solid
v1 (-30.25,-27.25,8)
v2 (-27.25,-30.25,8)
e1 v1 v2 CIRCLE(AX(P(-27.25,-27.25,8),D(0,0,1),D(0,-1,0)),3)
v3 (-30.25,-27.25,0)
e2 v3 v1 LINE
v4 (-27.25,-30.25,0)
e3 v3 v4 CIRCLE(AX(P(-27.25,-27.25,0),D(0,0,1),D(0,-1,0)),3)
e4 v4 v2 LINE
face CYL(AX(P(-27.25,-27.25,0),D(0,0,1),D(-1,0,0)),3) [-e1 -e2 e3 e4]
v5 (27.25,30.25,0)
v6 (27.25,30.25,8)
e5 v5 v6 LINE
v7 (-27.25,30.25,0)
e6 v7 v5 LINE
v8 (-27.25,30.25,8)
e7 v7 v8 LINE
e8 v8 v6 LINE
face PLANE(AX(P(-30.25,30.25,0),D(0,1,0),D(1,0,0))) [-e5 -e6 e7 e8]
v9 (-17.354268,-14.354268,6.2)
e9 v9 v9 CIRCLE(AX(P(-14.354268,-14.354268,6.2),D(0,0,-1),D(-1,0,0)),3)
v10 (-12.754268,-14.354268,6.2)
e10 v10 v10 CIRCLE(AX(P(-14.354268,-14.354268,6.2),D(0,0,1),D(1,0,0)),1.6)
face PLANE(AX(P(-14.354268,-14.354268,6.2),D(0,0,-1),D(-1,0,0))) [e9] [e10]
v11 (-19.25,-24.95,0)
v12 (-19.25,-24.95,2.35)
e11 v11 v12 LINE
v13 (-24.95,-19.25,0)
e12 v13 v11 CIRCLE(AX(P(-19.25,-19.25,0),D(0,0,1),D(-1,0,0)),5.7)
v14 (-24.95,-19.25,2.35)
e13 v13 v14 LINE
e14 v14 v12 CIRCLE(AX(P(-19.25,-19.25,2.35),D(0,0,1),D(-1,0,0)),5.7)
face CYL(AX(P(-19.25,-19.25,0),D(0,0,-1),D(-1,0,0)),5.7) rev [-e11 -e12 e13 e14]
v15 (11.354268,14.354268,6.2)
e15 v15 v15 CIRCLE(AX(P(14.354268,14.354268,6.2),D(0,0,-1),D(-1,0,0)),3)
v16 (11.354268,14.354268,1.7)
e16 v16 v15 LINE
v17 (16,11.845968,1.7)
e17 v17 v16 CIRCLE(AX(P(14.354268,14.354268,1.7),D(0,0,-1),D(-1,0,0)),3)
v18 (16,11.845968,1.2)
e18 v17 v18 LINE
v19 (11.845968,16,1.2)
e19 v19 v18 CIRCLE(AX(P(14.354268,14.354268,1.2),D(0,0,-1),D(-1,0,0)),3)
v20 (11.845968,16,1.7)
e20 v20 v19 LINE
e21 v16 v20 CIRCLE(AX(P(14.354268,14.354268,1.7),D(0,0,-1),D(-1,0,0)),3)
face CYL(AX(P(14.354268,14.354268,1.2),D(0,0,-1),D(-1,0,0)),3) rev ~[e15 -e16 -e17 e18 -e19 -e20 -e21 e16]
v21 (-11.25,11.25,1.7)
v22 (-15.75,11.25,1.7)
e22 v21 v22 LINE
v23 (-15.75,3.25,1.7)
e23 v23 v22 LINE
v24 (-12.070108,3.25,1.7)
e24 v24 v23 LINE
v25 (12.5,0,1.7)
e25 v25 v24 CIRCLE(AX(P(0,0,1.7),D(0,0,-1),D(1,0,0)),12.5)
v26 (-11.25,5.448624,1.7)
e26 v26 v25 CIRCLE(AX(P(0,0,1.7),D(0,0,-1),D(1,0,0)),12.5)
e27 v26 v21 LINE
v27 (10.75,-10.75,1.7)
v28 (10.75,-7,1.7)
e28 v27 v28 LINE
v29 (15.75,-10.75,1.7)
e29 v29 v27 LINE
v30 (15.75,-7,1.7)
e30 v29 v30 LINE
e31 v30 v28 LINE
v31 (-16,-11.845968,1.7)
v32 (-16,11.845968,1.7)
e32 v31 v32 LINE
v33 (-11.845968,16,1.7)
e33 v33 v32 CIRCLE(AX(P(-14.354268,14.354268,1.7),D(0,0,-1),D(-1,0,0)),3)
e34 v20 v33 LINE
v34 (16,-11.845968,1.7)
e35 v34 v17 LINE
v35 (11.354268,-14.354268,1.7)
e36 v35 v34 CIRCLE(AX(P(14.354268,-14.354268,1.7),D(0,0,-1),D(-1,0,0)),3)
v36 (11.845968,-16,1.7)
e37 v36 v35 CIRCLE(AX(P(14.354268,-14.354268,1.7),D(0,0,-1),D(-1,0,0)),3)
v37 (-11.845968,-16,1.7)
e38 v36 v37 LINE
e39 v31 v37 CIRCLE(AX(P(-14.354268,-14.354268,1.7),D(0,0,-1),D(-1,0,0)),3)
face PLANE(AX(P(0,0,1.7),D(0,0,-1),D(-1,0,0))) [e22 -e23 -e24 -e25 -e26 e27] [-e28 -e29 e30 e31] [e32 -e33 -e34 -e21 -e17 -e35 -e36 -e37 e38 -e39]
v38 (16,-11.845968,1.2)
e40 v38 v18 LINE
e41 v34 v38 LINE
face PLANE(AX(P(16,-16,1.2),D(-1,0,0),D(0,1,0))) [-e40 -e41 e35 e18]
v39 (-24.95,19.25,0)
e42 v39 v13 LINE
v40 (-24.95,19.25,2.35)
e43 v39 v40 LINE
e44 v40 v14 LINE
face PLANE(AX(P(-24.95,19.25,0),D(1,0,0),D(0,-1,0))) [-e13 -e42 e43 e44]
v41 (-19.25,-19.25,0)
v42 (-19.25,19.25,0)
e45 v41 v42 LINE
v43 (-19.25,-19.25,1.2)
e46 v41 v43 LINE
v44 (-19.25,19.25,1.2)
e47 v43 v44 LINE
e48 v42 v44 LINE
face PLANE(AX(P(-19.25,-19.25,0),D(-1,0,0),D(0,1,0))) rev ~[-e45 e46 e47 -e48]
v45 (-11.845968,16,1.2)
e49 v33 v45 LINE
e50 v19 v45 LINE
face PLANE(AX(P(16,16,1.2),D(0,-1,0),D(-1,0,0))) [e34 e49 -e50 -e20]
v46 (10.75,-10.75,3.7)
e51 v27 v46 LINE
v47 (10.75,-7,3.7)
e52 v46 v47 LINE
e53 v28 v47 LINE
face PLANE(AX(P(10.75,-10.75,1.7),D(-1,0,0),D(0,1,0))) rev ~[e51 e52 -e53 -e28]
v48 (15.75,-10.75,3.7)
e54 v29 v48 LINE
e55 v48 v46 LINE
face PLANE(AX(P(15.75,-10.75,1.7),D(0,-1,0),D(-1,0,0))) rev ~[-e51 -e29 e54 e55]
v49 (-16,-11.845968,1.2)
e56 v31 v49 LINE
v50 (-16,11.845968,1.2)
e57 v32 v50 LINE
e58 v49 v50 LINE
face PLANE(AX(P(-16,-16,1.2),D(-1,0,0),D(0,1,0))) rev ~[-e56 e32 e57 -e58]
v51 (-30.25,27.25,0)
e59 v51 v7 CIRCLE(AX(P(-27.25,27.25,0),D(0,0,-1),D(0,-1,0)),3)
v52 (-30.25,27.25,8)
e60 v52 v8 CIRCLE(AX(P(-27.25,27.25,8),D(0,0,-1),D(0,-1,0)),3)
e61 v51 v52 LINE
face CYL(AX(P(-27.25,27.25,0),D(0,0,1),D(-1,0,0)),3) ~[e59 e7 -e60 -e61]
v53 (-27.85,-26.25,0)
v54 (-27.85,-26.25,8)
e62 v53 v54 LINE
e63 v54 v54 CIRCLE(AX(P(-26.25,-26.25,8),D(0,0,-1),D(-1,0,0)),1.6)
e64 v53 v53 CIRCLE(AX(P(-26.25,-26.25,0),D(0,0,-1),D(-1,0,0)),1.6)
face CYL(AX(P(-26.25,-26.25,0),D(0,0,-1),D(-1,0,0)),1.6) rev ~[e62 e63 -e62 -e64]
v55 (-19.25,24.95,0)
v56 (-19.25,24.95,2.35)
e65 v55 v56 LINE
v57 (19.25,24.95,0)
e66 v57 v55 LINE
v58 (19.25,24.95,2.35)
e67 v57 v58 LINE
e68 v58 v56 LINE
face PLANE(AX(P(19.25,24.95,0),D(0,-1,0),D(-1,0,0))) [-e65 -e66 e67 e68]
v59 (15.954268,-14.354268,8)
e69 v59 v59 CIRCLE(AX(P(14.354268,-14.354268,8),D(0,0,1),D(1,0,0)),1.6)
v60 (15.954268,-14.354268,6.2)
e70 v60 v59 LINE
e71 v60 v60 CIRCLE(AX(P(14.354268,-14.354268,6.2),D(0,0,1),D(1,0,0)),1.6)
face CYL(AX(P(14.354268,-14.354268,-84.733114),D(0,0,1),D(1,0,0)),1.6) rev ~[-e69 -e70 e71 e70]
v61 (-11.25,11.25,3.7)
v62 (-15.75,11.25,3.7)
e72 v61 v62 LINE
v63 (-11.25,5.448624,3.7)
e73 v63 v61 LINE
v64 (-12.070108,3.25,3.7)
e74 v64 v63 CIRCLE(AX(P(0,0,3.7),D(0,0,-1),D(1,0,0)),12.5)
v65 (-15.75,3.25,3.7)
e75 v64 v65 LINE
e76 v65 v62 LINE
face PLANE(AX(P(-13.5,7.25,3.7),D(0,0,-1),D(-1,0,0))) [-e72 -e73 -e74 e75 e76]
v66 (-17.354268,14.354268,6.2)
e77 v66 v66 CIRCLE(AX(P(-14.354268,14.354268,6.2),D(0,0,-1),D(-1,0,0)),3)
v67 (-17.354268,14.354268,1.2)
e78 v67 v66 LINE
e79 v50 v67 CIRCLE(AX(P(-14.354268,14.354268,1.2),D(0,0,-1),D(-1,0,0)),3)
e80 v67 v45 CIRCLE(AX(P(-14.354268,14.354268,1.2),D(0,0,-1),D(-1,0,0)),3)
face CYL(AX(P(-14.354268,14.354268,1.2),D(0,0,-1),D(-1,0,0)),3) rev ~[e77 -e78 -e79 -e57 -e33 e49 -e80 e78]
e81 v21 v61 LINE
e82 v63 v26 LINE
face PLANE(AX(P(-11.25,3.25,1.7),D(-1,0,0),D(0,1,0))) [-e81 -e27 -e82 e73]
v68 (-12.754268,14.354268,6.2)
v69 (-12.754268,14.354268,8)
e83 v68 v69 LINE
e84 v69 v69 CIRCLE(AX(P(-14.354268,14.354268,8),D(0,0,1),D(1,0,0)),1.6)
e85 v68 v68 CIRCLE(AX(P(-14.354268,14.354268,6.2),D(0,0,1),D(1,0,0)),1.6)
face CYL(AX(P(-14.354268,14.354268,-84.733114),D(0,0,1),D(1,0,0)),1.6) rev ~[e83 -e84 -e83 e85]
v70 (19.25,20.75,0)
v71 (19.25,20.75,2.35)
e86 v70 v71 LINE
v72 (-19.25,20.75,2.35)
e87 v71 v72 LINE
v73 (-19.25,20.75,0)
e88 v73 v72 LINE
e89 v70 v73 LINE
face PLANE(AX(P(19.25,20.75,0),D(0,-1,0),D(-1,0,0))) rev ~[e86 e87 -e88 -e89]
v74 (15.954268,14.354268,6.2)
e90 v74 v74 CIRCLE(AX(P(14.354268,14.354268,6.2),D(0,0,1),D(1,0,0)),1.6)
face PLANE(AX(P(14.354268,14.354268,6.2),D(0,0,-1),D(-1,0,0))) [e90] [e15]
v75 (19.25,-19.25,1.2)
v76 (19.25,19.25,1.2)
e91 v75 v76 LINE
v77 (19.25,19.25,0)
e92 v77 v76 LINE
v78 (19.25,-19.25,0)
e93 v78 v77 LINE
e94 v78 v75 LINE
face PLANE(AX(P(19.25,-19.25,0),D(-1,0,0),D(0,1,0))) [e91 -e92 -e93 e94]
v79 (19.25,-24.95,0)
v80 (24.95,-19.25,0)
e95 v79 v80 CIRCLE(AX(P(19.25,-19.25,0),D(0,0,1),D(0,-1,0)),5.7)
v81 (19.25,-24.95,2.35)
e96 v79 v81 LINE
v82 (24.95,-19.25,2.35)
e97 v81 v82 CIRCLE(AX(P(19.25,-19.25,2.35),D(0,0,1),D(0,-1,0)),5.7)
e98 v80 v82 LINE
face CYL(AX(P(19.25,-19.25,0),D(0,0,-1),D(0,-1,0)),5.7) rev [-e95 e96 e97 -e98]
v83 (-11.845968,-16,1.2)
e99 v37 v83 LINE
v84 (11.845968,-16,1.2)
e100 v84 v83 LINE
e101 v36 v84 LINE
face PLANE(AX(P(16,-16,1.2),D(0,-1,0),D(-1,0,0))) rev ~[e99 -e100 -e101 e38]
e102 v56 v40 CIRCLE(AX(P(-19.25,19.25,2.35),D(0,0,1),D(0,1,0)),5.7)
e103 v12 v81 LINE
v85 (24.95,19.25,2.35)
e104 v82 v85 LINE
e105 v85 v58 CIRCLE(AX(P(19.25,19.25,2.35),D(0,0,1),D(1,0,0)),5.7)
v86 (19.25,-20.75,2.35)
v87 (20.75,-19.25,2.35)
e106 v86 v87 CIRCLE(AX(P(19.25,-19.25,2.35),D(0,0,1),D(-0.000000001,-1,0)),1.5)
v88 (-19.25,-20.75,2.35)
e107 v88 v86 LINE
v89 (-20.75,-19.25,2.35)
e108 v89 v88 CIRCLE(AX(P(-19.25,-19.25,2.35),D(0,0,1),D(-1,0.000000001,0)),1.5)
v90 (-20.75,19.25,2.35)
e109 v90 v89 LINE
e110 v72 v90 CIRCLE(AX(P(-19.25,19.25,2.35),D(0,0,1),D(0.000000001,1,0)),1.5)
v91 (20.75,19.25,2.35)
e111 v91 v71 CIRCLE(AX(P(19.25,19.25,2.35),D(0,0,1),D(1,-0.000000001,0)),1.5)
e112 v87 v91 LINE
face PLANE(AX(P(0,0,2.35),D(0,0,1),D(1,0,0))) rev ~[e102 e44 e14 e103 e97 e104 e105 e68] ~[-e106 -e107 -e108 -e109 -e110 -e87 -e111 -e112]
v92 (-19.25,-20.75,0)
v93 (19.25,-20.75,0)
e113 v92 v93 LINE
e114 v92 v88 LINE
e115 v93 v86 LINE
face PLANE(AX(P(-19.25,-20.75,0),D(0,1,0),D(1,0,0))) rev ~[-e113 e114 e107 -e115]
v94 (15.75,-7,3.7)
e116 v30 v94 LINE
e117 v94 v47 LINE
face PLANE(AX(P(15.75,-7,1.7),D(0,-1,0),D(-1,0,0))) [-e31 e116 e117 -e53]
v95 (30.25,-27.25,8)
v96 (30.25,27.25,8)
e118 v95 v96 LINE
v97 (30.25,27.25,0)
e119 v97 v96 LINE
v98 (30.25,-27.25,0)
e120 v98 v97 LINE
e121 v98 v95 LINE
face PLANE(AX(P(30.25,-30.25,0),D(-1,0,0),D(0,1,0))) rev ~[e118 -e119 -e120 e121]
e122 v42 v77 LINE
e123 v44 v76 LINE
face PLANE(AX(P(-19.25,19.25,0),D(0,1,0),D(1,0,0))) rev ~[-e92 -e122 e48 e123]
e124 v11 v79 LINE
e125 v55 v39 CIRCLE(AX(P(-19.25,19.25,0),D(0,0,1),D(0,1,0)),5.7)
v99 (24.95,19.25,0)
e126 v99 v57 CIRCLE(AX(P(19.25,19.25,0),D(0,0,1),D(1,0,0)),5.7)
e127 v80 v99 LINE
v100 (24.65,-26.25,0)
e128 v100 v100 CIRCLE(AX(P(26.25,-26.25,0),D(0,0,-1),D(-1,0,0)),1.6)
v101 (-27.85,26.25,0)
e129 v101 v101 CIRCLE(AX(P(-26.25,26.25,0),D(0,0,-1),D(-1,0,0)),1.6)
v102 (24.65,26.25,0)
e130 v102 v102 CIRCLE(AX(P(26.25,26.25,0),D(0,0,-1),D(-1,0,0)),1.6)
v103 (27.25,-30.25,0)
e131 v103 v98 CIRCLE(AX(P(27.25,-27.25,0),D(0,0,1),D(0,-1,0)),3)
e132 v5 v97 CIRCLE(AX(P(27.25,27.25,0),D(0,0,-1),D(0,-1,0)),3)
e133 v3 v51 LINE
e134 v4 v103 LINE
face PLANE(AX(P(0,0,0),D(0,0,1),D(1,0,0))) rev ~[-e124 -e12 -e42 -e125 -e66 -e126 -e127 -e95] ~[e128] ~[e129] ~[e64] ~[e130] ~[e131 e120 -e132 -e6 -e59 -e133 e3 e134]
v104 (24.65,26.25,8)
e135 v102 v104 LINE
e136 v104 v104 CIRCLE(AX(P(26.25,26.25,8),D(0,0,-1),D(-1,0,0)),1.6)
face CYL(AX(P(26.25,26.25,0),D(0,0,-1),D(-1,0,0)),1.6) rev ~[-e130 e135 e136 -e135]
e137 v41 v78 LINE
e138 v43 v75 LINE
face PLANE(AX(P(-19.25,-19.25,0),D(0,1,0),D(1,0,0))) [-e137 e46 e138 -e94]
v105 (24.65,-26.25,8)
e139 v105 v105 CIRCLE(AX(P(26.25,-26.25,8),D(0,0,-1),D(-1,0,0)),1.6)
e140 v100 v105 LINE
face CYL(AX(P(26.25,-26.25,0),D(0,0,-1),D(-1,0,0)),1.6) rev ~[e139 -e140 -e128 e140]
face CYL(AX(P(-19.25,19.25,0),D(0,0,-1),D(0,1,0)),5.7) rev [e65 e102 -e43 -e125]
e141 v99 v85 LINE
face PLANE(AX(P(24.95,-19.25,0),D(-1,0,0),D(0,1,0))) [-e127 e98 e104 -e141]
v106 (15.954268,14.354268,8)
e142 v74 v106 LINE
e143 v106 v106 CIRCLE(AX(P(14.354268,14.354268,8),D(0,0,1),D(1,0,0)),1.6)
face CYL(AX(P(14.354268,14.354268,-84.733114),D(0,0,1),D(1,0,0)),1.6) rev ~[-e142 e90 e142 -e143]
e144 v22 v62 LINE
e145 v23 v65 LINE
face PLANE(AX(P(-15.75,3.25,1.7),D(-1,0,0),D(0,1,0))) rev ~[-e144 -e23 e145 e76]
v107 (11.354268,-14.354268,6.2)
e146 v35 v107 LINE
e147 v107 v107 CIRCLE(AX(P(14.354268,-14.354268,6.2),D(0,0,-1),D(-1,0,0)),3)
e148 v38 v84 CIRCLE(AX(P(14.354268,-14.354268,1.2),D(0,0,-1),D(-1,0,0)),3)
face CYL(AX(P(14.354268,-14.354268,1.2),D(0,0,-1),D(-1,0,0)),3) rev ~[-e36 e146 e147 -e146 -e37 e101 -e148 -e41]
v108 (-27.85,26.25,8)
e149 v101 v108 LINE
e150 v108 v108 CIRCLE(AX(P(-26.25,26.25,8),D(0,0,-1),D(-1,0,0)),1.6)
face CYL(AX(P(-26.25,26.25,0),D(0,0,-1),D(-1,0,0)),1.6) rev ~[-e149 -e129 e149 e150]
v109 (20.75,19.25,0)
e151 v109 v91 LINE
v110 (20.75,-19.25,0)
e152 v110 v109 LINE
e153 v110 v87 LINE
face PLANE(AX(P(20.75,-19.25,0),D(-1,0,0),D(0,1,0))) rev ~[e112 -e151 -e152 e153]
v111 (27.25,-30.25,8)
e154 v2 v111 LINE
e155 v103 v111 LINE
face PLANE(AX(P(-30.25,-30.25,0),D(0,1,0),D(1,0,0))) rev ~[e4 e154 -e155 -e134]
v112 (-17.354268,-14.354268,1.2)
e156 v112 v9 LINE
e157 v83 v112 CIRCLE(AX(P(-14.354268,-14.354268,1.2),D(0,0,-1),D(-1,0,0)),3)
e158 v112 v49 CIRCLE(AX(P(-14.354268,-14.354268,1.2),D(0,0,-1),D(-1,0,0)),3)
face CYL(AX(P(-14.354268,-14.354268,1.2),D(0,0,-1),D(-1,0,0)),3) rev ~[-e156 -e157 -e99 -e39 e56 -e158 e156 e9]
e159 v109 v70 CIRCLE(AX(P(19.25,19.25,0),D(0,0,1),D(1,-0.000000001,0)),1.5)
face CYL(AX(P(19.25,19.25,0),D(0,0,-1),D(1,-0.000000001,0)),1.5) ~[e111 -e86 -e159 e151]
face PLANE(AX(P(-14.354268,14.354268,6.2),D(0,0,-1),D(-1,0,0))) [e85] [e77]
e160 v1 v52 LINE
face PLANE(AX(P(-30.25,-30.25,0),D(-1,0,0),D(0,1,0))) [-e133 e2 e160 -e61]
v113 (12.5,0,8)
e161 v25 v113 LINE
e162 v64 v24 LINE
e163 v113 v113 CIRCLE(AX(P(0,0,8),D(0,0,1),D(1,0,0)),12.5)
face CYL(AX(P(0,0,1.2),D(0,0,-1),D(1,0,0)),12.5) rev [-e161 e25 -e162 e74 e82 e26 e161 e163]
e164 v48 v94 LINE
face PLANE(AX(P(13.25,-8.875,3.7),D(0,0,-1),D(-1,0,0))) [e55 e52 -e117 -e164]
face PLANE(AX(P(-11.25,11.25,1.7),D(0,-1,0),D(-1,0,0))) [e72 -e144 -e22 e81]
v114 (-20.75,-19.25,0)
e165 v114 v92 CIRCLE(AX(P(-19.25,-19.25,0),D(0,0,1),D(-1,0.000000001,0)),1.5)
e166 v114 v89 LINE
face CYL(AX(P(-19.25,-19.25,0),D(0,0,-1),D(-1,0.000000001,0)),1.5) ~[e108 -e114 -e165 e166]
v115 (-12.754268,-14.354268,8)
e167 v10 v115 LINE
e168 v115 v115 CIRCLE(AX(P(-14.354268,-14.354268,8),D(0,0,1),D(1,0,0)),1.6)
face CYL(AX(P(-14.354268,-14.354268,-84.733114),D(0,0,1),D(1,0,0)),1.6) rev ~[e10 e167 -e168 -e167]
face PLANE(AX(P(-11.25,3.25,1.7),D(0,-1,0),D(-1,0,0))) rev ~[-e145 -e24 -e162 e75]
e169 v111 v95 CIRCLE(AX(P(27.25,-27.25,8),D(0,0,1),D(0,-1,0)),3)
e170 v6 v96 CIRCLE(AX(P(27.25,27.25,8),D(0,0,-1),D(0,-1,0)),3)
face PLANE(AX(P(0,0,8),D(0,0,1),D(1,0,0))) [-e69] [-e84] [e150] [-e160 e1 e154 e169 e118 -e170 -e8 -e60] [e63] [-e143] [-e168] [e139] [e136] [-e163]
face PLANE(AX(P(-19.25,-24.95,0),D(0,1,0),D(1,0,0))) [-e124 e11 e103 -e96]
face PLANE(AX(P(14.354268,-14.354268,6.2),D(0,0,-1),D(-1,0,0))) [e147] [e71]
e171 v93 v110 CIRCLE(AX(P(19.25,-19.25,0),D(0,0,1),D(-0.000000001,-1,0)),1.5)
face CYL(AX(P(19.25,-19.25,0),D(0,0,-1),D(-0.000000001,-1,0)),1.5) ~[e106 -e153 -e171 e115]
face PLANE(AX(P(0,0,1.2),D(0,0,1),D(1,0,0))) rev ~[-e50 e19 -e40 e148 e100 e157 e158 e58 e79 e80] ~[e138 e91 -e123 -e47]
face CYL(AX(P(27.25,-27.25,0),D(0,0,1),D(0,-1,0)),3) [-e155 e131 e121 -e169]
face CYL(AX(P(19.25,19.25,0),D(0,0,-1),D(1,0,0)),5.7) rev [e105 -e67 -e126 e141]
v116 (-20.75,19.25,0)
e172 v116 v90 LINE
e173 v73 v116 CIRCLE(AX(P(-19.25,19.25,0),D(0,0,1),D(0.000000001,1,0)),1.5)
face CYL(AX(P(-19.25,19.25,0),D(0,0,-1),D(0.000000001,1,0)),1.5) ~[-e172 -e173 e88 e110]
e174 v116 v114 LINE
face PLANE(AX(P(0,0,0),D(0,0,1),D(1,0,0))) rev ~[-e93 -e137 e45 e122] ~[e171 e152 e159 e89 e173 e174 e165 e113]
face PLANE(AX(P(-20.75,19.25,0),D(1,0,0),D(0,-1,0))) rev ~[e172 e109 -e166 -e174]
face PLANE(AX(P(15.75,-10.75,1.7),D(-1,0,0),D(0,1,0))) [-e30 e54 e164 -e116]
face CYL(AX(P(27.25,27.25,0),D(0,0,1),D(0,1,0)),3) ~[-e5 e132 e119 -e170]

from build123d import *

# Parameters (mm, degrees)
SKETCH_1_W          = 60.5
SKETCH_1_H          = 60.5
SKETCH_1_W_2        = 38.5
SKETCH_1_H_2        = 38.5
EXTRUDE_1_DEPTH     = 8
CUT_EXTRUDE_1_DEPTH = 2.35
SKETCH_3_R          = 1.6
CUT_EXTRUDE_2_DEPTH = 44.521546388
SKETCH_4_W          = 38.5
SKETCH_4_H          = 38.5
SKETCH_4_R          = 12.5
EXTRUDE_2_DEPTH     = 6.8
HOLE_WIZARD_M3_1_D  = 3.2
SKETCH_10_W         = 32
SKETCH_10_H         = 32
CUT_EXTRUDE_4_DEPTH = 0.5
SKETCH_11_W         = 4.5
SKETCH_11_H         = 8
SKETCH_11_W_2       = 5
SKETCH_11_H_2       = 3.75
CUT_EXTRUDE_6_DEPTH = 2
SKETCH_9_R          = 3
CUT_EXTRUDE_7_DEPTH = 5
FILLET_1_R          = 3


with BuildPart() as part:
    # ｽｹｯﾁ1 → ﾎﾞｽ - 押し出し1 (new body)
    with BuildSketch(Plane.XY):
        Rectangle(SKETCH_1_W, SKETCH_1_H)
        Rectangle(SKETCH_1_W_2, SKETCH_1_H_2, mode=Mode.SUBTRACT)
    extrude(amount=EXTRUDE_1_DEPTH)

    # ｽｹｯﾁ2 → ｶｯﾄ - 押し出し1 (cut)
    with BuildSketch(Plane(origin=(0, 0, 0), x_dir=(-1, 0, 0), z_dir=(0, 0, -1))):
        with BuildLine():
            Line((-19.25, 24.95), (19.25, 24.95))
            ThreePointArc((19.25, 24.95), (23.280508653, 23.280508653), (24.95, 19.25))
            Line((24.95, 19.25), (24.95, -19.25))
            ThreePointArc((24.95, -19.25), (23.280508653, -23.280508653), (19.25, -24.95))
            Line((19.25, -24.95), (-19.25, -24.95))
            ThreePointArc((-19.25, -24.95), (-23.280508653, -23.280508653), (-24.95, -19.25))
            Line((-24.95, -19.25), (-24.95, 19.25))
            ThreePointArc((-24.95, 19.25), (-23.280508653, 23.280508653), (-19.25, 24.95))
        make_face()
        with BuildLine():
            Line((-19.25, 20.75), (19.25, 20.75))
            ThreePointArc((19.25, 20.75), (20.310660172, 20.310660172), (20.75, 19.25))
            Line((20.75, 19.25), (20.75, -19.25))
            ThreePointArc((20.75, -19.25), (20.310660172, -20.310660172), (19.25, -20.75))
            Line((19.25, -20.75), (-19.25, -20.75))
            ThreePointArc((-19.25, -20.75), (-20.310660172, -20.310660172), (-20.75, -19.25))
            Line((-20.75, -19.25), (-20.75, 19.25))
            ThreePointArc((-20.75, 19.25), (-20.310660172, 20.310660172), (-19.25, 20.75))
        make_face(mode=Mode.SUBTRACT)
    extrude(amount=-CUT_EXTRUDE_1_DEPTH, mode=Mode.SUBTRACT)

    # ｽｹｯﾁ3 → ｶｯﾄ - 押し出し2 (cut, through all)
    with BuildSketch(Plane(origin=(0, 0, 0), x_dir=(-1, 0, 0), z_dir=(0, 0, -1))):
        with Locations((26.25, 26.25)):
            Circle(SKETCH_3_R)
        with Locations((26.25, -26.25)):
            Circle(SKETCH_3_R)
        with Locations((-26.25, -26.25)):
            Circle(SKETCH_3_R)
        with Locations((-26.25, 26.25)):
            Circle(SKETCH_3_R)
    extrude(amount=-CUT_EXTRUDE_2_DEPTH, mode=Mode.SUBTRACT)

    # ｽｹｯﾁ4 → ﾎﾞｽ - 押し出し2 (add)
    with BuildSketch(Plane.XY.offset(1.2)):
        Rectangle(SKETCH_4_W, SKETCH_4_H)
        Circle(SKETCH_4_R, mode=Mode.SUBTRACT)
    extrude(amount=EXTRUDE_2_DEPTH)

    # M3 すきま穴1 (through all)
    with Locations(Plane(origin=(0, 0, 1.2), x_dir=(-1, 0, 0), z_dir=(0, 0, -1))):
        with Locations((14.354267658, 14.354267658), (-14.354267658, 14.354267658), (-14.354267658, -14.354267658), (14.354267658, -14.354267658)):
            Hole(HOLE_WIZARD_M3_1_D / 2)

    # ｽｹｯﾁ10 → ｶｯﾄ - 押し出し4 (cut)
    with BuildSketch(Plane(origin=(0, 0, 1.2), x_dir=(-1, 0, 0), z_dir=(0, 0, -1))):
        Rectangle(SKETCH_10_W, SKETCH_10_H)
    extrude(amount=-CUT_EXTRUDE_4_DEPTH, mode=Mode.SUBTRACT)

    # ｽｹｯﾁ11 → ｶｯﾄ - 押し出し6 (cut)
    with BuildSketch(Plane(origin=(0, 0, 1.7), x_dir=(-1, 0, 0), z_dir=(0, 0, -1))):
        with Locations((13.5, 7.25)):
            Rectangle(SKETCH_11_W, SKETCH_11_H)
        with Locations((-13.25, -8.875)):
            Rectangle(SKETCH_11_W_2, SKETCH_11_H_2)
    extrude(amount=-CUT_EXTRUDE_6_DEPTH, mode=Mode.SUBTRACT)

    # ｽｹｯﾁ9 → ｶｯﾄ - 押し出し7 (cut)
    with BuildSketch(Plane(origin=(0, 0, 1.2), x_dir=(-1, 0, 0), z_dir=(0, 0, -1))):
        with Locations((14.354267658, 14.354267658)):
            Circle(SKETCH_9_R)
        with Locations((-14.354267658, 14.354267658)):
            Circle(SKETCH_9_R)
        with Locations((14.354267658, -14.354267658)):
            Circle(SKETCH_9_R)
        with Locations((-14.354267658, -14.354267658)):
            Circle(SKETCH_9_R)
    extrude(amount=-CUT_EXTRUDE_7_DEPTH, mode=Mode.SUBTRACT)

    # ﾌｨﾚｯﾄ1
    fillet_1_edges = [part.edges().sort_by_distance(p)[0] for p in [
        (30.25, -30.25, 4),
        (-30.25, -30.25, 4),
        (-30.25, 30.25, 4),
        (30.25, 30.25, 4),
    ]]
    fillet(fillet_1_edges, radius=FILLET_1_R)


solid = part.part
